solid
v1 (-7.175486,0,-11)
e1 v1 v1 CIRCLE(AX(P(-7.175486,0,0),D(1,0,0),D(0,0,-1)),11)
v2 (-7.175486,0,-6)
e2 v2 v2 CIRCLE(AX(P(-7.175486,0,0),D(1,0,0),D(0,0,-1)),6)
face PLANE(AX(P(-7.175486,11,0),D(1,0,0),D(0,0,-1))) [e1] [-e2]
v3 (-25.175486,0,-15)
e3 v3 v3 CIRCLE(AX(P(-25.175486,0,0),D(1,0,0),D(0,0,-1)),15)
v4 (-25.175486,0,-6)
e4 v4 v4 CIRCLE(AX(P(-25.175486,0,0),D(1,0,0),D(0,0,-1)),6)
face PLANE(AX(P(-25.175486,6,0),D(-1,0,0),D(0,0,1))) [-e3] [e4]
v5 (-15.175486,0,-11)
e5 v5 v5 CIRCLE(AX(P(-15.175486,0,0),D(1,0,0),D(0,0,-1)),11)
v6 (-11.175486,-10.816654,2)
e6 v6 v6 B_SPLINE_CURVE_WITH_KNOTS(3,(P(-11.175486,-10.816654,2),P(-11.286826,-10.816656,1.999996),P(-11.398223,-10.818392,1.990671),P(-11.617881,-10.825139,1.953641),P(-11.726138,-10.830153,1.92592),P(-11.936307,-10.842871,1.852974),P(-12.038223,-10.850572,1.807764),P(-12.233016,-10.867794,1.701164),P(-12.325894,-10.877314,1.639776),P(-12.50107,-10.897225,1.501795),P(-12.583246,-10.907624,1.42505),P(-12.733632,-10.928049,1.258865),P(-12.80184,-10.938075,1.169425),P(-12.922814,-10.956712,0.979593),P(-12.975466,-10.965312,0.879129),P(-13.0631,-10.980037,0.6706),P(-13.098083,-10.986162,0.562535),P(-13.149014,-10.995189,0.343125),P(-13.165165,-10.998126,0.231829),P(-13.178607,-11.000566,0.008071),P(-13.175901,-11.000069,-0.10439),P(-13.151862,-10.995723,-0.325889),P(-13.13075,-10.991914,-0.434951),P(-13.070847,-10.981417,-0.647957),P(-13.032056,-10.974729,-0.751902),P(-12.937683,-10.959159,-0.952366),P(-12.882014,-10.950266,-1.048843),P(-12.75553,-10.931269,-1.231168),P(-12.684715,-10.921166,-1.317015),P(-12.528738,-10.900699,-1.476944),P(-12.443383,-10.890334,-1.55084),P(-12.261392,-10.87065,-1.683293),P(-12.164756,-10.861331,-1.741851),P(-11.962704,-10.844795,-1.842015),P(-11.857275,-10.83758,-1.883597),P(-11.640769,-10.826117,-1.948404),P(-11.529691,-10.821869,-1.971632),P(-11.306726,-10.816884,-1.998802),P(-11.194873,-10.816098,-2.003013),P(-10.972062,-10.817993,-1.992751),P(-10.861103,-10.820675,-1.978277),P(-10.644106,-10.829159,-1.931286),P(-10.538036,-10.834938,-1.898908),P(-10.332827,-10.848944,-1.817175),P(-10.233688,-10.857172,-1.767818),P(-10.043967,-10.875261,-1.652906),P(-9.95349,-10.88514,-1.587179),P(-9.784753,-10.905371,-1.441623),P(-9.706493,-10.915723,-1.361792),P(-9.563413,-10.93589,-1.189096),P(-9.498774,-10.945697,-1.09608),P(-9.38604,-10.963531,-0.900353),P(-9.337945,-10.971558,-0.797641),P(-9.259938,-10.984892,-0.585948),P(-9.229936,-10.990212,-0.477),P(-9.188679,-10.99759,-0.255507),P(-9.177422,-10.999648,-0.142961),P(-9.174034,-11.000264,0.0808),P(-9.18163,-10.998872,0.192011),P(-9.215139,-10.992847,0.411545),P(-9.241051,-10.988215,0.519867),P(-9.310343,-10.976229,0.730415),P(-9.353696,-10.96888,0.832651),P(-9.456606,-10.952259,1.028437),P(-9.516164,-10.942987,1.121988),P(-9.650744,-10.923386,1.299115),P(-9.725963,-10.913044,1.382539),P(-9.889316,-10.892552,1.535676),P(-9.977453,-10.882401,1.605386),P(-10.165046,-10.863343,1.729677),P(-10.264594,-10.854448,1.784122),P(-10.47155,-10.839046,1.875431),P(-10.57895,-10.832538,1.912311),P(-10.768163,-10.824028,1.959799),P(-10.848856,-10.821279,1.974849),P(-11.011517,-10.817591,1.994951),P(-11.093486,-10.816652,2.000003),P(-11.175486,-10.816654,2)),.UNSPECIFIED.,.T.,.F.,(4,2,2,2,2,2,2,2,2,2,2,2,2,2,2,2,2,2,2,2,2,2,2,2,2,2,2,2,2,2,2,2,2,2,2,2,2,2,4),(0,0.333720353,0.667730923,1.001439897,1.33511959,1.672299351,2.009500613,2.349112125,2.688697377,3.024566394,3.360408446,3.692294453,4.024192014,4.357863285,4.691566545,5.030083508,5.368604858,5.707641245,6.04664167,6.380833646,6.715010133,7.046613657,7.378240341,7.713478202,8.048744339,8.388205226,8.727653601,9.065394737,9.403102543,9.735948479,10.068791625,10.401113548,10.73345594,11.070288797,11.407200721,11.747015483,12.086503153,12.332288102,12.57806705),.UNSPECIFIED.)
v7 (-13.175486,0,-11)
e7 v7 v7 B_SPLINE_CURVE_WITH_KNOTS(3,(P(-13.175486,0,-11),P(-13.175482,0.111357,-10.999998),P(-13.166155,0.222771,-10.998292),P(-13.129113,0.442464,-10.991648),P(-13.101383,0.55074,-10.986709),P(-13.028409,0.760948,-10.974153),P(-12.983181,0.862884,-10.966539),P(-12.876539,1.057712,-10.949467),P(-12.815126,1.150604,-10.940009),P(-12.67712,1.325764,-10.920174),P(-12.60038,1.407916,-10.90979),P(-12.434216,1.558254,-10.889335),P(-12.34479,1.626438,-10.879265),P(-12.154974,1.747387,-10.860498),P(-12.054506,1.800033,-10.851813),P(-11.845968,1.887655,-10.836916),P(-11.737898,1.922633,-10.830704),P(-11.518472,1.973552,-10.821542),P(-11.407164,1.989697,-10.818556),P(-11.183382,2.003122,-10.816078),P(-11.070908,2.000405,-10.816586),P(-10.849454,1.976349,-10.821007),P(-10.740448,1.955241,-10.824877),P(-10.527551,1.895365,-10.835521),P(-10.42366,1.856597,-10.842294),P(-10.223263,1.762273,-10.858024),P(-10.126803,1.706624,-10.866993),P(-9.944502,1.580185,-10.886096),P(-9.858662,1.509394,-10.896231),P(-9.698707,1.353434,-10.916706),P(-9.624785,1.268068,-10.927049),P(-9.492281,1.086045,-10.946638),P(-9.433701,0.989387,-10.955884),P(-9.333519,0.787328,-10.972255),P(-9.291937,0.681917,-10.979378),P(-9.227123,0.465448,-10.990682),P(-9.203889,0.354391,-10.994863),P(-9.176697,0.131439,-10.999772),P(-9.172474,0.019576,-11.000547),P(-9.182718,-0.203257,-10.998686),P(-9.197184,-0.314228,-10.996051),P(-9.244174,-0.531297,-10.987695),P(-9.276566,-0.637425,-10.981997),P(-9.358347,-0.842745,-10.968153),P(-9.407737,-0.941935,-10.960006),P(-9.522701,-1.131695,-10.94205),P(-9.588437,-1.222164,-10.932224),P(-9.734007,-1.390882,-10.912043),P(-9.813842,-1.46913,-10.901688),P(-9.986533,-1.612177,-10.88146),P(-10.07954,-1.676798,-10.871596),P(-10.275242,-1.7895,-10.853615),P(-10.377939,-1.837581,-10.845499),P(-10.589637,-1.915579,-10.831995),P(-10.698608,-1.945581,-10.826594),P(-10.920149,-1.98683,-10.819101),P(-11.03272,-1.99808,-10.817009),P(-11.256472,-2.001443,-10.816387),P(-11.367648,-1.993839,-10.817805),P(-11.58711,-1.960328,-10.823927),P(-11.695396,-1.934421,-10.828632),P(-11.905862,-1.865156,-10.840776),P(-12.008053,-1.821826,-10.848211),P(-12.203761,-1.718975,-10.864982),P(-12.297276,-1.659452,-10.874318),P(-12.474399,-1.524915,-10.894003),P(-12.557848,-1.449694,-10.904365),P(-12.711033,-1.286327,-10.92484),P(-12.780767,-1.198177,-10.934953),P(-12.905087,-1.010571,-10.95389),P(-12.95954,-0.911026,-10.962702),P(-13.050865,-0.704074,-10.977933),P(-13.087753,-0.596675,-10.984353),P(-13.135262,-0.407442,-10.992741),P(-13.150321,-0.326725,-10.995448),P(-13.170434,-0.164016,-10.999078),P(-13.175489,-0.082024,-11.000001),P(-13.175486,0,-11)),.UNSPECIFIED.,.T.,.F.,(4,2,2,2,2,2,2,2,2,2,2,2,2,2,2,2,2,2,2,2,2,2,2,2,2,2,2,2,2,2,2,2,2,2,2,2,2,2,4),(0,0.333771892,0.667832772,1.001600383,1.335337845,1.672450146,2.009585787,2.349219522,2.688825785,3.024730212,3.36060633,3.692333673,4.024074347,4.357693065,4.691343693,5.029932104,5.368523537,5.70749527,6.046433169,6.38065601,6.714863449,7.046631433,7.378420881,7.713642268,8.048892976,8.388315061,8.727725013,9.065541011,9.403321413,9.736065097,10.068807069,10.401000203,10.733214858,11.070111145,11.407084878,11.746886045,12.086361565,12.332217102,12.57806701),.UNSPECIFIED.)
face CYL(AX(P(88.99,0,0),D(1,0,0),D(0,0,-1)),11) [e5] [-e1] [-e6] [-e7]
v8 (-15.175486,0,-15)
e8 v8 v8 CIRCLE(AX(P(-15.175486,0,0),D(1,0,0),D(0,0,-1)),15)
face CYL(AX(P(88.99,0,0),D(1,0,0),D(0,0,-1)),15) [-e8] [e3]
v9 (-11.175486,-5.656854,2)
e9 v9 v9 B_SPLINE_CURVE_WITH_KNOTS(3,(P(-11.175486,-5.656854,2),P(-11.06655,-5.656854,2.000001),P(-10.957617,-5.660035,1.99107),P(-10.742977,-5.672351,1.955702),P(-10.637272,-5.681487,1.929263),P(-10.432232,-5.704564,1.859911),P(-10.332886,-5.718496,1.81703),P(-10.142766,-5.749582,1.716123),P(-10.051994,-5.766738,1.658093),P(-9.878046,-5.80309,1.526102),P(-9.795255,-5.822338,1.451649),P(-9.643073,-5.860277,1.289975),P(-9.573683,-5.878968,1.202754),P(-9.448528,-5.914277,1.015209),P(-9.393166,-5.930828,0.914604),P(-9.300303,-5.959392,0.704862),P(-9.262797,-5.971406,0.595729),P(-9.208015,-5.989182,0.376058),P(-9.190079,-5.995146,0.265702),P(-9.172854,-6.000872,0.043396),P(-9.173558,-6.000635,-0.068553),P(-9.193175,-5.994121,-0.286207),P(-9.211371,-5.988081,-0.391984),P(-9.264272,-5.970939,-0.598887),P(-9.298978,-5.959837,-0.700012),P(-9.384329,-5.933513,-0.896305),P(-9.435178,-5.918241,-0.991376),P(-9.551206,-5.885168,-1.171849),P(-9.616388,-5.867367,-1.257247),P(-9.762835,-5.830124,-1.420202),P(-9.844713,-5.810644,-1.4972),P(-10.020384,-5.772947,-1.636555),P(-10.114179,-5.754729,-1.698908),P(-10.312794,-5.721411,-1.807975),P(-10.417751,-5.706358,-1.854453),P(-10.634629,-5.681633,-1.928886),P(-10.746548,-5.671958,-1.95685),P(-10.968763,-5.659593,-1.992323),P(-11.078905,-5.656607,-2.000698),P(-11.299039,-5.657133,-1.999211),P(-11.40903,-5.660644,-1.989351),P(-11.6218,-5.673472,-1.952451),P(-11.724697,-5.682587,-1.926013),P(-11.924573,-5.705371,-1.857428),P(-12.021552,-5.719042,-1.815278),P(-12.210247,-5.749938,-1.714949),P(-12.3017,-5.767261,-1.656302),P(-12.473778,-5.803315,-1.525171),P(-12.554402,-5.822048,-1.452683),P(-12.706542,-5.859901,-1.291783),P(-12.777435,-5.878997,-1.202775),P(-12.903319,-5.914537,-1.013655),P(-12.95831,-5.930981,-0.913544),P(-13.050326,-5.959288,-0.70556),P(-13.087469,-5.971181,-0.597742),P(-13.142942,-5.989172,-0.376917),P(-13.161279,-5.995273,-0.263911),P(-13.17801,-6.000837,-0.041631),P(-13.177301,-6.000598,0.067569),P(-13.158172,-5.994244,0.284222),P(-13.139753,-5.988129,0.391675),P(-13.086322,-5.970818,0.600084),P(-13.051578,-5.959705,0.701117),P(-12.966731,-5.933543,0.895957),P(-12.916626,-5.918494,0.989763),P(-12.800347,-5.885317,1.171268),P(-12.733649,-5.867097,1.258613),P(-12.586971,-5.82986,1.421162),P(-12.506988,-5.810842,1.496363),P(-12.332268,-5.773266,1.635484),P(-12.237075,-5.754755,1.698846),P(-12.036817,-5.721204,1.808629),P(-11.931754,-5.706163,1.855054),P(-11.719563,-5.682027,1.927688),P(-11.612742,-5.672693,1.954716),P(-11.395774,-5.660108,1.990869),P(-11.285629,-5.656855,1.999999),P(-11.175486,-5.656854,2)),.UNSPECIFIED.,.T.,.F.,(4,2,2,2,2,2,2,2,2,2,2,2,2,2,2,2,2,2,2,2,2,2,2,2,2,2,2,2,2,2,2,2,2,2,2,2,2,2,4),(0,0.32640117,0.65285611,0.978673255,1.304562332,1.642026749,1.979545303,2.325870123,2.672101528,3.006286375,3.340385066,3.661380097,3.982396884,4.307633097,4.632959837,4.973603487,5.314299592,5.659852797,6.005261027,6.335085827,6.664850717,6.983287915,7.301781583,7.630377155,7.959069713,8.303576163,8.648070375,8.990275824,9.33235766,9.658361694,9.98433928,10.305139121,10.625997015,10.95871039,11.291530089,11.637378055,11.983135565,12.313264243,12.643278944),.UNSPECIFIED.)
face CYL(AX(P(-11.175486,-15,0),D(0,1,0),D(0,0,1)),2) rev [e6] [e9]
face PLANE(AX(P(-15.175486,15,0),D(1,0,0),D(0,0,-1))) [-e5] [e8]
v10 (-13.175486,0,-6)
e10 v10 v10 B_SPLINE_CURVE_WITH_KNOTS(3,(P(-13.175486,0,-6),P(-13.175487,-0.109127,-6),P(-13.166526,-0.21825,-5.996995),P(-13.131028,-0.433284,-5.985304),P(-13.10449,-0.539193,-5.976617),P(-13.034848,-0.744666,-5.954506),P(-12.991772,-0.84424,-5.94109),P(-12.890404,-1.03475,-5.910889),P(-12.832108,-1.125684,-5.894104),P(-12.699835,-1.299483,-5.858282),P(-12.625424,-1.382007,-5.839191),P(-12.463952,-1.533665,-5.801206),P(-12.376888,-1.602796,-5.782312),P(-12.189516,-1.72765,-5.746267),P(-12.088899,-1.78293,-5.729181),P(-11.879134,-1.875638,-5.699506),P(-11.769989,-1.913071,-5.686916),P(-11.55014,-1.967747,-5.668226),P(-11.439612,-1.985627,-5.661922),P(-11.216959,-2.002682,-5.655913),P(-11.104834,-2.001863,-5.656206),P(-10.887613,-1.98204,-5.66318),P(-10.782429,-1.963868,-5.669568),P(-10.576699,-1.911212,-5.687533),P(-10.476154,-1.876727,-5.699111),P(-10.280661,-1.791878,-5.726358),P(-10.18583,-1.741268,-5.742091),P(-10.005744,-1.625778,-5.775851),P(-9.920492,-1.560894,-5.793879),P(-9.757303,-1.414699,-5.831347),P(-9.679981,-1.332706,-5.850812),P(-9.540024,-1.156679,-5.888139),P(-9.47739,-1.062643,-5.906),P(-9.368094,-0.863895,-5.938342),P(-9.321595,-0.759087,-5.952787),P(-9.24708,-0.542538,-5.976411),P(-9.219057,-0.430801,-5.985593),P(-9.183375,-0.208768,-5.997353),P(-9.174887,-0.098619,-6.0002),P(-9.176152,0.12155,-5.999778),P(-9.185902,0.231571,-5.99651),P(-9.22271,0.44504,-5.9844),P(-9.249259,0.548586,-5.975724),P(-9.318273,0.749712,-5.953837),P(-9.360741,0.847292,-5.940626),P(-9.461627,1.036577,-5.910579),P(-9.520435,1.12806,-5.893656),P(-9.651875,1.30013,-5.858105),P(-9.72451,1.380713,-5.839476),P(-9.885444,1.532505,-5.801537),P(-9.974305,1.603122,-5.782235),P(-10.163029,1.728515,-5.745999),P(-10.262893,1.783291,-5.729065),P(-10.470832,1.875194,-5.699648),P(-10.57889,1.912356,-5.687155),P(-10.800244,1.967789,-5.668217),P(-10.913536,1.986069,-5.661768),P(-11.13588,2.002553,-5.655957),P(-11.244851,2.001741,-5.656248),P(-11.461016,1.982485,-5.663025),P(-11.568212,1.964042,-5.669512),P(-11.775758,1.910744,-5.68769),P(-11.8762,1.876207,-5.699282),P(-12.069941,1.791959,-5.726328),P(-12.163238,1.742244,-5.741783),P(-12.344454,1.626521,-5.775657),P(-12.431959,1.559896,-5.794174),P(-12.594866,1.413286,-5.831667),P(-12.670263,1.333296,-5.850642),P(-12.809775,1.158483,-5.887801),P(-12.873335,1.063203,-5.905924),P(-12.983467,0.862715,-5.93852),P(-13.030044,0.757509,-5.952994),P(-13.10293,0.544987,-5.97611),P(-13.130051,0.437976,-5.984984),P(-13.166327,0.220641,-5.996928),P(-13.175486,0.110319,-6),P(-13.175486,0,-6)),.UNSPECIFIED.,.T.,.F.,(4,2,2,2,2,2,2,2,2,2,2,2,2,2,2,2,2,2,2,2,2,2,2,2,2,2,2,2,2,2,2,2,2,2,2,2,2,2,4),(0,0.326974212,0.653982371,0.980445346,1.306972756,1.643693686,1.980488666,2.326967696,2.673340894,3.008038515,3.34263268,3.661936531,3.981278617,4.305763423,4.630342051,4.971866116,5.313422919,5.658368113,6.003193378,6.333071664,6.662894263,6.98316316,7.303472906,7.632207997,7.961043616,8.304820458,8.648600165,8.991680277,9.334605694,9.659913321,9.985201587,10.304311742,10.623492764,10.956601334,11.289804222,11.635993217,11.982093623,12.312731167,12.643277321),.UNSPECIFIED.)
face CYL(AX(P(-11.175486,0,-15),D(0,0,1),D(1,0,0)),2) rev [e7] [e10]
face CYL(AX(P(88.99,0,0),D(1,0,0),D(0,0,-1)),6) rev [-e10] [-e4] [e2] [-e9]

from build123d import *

# Parameters (mm, degrees)
SCHIZZO2_R               = 2
TAGLIO_ESTRUSIONE1_DEPTH = 33.921195442
SCHIZZO3_R               = 2
TAGLIO_ESTRUSIONE2_DEPTH = 33.921195518


with BuildPart() as part:
    # Schizzo1 → Rivoluzione1 (revolve)
    with BuildSketch(Plane.XY, mode=Mode.PRIVATE) as rivoluzione1_sk:
        Polygon((-25.175486278, 6), (-25.175486278, 15), (-15.175486278, 15), (-15.175486278, 11), (-7.175486278, 11), (-7.175486278, 6), align=None)
    revolve(rivoluzione1_sk.sketch.rotate(Axis((88.99, 0, 0), (-1, 0, 0)), 90), axis=Axis((88.99, 0, 0), (-1, 0, 0)))

    # Schizzo2 → Taglio-Estrusione1 (cut, through all)
    with BuildSketch(Plane.XY):
        with Locations((-11.175486278, 0)):
            Circle(SCHIZZO2_R)
    extrude(amount=-TAGLIO_ESTRUSIONE1_DEPTH, mode=Mode.SUBTRACT)

    # Schizzo3 → Taglio-Estrusione2 (cut, through all)
    with BuildSketch(Plane(origin=(0, 0, 0), x_dir=(1, 0, 0), z_dir=(0, 1, 0))):
        with Locations(Location((-11.175486278, 0, 0), (0, 0, 270))):
            Circle(SCHIZZO3_R)
    extrude(amount=-TAGLIO_ESTRUSIONE2_DEPTH, mode=Mode.SUBTRACT)


solid = part.part
